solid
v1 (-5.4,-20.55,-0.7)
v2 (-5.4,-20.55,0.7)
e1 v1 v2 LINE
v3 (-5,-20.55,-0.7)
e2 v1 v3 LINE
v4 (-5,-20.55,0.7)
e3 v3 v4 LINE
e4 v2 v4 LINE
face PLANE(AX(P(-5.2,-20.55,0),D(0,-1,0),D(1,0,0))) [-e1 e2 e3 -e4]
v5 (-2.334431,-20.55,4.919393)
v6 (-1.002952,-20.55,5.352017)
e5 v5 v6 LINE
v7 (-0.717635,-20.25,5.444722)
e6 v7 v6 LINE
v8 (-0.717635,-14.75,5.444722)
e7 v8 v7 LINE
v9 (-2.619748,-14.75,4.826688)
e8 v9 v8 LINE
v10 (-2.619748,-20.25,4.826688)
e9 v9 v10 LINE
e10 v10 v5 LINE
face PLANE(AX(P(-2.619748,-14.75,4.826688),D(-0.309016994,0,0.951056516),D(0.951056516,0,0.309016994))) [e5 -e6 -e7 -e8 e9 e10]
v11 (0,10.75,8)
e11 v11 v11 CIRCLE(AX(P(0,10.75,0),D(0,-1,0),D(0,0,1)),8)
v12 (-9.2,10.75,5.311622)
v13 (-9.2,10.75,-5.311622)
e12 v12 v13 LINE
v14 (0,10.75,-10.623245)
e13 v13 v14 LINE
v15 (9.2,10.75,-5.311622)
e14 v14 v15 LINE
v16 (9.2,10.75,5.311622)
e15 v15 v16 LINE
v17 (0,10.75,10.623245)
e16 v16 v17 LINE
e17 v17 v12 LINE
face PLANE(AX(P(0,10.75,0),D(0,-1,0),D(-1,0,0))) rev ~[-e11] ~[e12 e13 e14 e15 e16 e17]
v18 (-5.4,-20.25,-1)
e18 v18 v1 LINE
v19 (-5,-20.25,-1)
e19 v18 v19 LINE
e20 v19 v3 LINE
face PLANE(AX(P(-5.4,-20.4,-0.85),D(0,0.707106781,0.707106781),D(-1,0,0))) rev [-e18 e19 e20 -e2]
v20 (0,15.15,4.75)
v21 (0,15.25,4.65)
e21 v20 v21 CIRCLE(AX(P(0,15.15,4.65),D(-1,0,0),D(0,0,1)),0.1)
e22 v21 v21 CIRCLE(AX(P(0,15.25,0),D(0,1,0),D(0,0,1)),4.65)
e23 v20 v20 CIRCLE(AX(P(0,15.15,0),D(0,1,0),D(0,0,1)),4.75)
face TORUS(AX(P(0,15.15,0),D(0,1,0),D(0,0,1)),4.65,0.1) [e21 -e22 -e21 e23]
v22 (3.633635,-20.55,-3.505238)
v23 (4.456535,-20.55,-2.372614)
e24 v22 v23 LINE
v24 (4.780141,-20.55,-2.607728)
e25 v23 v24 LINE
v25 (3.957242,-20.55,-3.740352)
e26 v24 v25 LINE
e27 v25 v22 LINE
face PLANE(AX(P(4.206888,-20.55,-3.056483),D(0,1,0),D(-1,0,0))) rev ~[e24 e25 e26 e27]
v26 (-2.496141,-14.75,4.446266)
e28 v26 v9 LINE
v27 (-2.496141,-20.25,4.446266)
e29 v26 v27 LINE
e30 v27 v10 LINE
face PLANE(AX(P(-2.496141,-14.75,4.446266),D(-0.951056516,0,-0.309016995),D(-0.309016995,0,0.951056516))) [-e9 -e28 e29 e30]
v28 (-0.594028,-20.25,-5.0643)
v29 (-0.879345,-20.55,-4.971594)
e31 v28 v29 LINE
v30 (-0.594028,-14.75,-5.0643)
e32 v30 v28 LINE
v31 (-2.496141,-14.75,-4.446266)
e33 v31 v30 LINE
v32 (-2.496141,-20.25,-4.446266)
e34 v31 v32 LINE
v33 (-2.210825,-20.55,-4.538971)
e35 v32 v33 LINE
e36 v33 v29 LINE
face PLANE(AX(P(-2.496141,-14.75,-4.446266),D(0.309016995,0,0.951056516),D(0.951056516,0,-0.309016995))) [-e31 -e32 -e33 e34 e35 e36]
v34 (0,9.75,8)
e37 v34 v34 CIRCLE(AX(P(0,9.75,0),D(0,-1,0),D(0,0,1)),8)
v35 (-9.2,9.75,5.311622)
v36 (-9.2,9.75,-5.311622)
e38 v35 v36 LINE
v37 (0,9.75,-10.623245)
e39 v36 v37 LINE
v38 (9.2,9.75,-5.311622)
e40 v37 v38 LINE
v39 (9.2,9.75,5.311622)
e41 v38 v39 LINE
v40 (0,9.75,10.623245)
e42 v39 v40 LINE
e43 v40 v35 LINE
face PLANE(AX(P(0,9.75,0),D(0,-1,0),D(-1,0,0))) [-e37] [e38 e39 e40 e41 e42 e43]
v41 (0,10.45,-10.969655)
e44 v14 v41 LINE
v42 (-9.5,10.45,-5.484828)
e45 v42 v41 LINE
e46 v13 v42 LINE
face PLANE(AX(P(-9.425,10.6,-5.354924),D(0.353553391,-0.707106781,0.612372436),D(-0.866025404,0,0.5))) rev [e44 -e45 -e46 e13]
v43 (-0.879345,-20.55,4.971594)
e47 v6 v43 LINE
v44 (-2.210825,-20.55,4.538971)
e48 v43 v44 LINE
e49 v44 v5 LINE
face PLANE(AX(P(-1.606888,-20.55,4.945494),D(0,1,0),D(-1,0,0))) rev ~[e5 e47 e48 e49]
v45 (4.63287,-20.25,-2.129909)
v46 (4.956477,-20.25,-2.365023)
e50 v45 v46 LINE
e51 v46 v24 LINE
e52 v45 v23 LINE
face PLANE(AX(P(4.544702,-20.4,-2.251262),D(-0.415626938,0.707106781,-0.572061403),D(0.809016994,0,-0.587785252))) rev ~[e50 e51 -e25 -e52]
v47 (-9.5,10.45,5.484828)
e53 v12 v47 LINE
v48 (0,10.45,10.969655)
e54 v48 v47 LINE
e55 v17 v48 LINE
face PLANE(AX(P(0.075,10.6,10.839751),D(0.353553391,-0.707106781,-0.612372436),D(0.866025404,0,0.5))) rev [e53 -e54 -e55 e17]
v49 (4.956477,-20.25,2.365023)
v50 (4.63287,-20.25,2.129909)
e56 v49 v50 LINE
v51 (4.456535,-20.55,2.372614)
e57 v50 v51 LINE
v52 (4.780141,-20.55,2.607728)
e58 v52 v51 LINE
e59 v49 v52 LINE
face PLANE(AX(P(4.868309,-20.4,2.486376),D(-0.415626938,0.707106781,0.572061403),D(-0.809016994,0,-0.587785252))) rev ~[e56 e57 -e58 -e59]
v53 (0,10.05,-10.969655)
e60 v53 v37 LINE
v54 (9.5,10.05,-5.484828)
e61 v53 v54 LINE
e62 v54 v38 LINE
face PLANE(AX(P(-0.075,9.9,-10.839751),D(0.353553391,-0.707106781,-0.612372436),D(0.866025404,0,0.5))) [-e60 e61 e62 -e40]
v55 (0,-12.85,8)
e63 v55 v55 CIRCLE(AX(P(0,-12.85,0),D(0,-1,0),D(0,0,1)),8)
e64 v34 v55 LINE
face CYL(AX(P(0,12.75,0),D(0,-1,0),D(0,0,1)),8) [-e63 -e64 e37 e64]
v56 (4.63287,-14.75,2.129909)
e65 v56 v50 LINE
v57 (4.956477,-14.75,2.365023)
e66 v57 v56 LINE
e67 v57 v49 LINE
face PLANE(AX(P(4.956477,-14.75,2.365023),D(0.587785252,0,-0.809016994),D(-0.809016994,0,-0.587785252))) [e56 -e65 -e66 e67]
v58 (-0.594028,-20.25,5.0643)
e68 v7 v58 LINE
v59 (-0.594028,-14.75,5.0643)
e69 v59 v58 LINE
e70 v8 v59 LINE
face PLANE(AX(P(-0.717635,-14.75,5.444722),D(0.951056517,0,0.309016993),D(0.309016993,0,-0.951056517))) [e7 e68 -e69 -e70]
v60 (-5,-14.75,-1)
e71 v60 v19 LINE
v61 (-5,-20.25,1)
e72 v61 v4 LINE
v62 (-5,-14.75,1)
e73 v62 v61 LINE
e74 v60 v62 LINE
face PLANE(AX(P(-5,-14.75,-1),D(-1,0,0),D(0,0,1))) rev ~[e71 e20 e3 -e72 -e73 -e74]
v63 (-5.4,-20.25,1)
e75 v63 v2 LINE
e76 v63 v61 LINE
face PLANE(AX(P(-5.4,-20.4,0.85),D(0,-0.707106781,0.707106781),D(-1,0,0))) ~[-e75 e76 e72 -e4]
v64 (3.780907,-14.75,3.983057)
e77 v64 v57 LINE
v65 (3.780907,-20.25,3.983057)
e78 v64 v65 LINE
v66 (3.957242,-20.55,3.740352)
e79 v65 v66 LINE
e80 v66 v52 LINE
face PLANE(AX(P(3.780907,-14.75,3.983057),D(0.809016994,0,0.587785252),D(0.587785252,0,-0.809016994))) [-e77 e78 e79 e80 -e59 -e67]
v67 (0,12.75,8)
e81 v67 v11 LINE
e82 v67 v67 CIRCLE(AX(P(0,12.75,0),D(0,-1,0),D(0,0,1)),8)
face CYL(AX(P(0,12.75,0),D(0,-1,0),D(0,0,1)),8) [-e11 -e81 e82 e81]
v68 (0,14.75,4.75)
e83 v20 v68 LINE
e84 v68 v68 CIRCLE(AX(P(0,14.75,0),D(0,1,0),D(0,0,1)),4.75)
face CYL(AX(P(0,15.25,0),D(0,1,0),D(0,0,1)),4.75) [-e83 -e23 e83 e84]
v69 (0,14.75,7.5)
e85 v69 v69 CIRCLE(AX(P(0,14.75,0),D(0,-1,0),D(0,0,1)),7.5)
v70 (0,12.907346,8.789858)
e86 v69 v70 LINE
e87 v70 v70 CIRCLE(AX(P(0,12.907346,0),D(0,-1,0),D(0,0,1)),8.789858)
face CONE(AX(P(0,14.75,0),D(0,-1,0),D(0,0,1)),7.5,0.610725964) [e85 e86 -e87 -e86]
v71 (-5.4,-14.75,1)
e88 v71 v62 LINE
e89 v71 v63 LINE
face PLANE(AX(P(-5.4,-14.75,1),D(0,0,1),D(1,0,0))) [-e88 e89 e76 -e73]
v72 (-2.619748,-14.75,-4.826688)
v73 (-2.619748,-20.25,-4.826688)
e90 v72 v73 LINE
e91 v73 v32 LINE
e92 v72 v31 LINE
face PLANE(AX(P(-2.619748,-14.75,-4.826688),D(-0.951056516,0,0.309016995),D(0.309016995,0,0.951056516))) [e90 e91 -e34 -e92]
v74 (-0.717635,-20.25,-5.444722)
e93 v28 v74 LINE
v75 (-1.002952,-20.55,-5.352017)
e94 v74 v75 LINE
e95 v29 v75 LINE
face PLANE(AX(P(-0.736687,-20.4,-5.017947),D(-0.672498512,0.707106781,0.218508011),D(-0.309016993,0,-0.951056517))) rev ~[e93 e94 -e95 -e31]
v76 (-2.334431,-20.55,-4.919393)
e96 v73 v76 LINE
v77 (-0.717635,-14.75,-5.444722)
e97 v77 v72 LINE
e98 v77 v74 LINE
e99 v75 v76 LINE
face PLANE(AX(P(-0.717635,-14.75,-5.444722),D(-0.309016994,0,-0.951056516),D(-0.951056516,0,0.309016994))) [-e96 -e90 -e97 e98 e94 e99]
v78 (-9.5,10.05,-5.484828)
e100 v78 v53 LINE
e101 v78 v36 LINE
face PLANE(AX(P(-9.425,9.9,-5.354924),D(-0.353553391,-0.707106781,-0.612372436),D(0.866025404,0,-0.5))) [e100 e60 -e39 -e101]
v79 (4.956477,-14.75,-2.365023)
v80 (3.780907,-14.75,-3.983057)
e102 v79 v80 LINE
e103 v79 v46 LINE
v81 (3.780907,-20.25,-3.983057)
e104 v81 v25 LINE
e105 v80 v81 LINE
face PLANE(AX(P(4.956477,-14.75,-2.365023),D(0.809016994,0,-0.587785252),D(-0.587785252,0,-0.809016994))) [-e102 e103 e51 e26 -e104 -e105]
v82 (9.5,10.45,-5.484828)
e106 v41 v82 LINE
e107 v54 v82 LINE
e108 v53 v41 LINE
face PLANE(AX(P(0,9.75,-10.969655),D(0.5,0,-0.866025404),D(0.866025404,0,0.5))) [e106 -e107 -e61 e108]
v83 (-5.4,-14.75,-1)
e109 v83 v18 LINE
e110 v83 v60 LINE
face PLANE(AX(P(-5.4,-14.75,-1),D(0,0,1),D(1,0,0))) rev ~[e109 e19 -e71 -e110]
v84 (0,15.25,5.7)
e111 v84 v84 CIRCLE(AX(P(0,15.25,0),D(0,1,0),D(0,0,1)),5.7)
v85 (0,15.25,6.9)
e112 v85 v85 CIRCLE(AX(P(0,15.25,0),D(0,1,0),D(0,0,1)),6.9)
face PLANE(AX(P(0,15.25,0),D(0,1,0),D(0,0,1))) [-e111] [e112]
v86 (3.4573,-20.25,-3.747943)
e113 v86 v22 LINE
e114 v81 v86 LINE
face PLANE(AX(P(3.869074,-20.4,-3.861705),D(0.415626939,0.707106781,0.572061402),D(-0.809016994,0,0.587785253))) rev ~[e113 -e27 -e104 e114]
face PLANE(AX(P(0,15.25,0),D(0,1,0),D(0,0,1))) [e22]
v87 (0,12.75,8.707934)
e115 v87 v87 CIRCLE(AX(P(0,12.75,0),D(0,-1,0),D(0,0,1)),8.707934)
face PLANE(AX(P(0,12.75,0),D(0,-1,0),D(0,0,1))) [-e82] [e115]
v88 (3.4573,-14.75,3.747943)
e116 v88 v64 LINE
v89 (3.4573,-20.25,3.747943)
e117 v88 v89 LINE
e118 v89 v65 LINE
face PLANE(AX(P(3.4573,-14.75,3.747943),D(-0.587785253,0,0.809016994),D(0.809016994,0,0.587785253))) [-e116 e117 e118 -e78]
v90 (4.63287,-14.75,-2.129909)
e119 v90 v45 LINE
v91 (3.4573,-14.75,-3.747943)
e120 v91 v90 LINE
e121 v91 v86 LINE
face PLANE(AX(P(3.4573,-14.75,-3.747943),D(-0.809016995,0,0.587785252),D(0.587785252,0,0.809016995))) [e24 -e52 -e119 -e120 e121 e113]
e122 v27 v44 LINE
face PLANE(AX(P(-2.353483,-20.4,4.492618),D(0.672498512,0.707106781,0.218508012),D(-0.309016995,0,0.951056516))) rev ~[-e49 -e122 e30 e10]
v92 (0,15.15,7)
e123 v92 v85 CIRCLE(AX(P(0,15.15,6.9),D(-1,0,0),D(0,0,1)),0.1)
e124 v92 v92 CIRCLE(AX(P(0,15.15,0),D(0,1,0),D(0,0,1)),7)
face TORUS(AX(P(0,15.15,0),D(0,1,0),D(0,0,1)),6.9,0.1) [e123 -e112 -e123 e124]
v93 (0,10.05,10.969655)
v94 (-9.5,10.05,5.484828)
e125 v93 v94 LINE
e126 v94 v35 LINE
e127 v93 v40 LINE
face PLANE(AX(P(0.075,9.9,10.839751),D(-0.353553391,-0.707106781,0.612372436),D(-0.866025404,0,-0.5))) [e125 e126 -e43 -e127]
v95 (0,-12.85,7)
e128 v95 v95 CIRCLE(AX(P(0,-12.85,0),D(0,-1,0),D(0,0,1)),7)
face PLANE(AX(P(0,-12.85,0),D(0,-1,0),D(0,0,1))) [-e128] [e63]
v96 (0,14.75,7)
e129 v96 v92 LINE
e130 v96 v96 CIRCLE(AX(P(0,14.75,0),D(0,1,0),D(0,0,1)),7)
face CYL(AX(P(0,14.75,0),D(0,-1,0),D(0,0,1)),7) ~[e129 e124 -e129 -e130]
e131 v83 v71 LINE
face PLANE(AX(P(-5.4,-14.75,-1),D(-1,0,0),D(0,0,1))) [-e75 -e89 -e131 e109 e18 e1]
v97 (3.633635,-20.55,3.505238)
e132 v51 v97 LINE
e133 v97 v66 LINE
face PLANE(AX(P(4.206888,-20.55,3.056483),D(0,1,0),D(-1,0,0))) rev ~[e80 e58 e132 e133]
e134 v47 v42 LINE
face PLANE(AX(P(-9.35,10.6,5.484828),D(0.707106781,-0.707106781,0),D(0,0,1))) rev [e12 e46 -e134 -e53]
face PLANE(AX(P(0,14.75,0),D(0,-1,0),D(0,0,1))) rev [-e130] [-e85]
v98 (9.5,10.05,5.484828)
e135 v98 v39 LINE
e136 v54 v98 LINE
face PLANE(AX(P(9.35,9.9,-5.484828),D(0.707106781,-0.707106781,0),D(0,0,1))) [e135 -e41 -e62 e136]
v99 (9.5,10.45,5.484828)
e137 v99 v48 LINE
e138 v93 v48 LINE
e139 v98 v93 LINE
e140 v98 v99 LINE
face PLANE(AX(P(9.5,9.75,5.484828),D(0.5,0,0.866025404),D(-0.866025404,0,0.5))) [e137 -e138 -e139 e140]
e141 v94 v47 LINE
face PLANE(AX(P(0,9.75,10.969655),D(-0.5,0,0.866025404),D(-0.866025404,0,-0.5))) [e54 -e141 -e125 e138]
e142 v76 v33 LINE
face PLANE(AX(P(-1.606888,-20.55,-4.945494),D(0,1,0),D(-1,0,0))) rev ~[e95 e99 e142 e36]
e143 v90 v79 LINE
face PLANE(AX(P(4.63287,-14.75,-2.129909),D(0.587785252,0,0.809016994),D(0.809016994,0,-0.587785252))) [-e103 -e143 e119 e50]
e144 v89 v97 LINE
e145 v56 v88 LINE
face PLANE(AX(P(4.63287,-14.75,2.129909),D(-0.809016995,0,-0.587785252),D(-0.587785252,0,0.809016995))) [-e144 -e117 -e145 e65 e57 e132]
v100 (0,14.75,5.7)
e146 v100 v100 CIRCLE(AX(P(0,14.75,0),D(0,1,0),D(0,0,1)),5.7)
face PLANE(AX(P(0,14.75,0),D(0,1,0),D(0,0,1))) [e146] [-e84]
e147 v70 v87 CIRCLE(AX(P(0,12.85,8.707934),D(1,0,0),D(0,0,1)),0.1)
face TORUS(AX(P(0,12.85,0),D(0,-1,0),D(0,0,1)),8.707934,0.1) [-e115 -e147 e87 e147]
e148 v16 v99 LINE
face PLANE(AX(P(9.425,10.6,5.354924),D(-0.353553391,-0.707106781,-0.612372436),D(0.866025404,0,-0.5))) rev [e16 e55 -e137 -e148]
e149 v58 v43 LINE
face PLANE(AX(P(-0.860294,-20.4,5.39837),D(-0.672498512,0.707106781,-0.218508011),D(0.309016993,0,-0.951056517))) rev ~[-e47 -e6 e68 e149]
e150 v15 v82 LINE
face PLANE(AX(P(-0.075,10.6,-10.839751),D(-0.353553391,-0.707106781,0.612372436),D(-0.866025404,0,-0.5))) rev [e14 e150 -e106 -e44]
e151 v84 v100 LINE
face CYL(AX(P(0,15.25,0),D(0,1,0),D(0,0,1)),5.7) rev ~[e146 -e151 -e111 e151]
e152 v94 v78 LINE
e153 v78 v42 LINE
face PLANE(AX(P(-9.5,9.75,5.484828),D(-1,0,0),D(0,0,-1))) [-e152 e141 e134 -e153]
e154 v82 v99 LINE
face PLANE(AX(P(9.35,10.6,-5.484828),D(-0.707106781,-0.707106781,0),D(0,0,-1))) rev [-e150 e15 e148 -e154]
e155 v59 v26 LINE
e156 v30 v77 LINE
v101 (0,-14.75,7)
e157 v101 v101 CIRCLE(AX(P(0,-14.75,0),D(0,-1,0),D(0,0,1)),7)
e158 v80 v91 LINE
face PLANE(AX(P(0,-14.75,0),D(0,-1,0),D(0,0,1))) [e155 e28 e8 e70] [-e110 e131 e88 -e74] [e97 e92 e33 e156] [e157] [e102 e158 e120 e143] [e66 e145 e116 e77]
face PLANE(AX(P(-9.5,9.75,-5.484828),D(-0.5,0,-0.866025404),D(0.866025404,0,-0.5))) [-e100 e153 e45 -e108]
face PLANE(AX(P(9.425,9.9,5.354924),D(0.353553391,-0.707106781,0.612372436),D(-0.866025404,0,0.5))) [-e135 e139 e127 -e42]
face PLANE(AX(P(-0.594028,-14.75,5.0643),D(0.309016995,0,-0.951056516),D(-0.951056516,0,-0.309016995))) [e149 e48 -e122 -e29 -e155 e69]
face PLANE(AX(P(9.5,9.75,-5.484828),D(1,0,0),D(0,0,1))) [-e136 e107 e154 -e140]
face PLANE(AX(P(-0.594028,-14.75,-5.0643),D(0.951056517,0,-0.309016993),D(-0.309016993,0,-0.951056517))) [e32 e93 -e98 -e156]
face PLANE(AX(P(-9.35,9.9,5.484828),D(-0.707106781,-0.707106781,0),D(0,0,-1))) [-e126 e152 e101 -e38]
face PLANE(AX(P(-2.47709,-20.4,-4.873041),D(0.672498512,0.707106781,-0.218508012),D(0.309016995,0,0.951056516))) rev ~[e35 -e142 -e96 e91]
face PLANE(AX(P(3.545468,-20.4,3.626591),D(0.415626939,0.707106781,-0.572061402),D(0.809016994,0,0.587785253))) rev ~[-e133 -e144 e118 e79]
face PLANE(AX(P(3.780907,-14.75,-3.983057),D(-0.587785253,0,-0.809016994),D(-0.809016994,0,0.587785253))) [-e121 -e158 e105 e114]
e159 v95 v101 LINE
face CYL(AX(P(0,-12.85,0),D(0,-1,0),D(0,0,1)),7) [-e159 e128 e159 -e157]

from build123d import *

# Parameters (mm, degrees)
SKETCH2_W           = 0.4
SKETCH2_H           = 2
BOSS_EXTRUDE1_DEPTH = 5.8
CHAMFER1_SIZE       = 0.3
SKETCH3_R           = 7
BOSS_EXTRUDE2_DEPTH = 0.5
SKETCH4_R           = 5.7
SKETCH4_R_2         = 4.75
CUT_EXTRUDE1_DEPTH  = 0.5
FILLET1_R           = 0.1
FILLET2_R           = 0.1
BOSS_EXTRUDE3_START = 1
SKETCH5_R           = 8
BOSS_EXTRUDE3_DEPTH = 1
CHAMFER2_SIZE       = 0.3


with BuildPart() as part:
    # Sketch1 → Revolve1 (revolve)
    with BuildSketch(Plane.XY, mode=Mode.PRIVATE) as revolve1_sk:
        Polygon((0, 14.75), (-7.5, 14.75), (-8.9, 12.75), (-8, 12.75), (-8, -12.85), (-7, -12.85), (-7, -14.75), (0, -14.75), align=None)
    revolve(revolve1_sk.sketch.rotate(Axis((0, 14.75, 0), (0, -1, 0)), 270), axis=Axis((0, 14.75, 0), (0, -1, 0)))

    # Sketch2 → Boss-Extrude1 (add)
    with BuildSketch(Plane.XZ.offset(14.75)):
        with Locations((-5.2, 0)):
            Rectangle(SKETCH2_W, SKETCH2_H)
        Polygon((-0.717635253, 5.444722182), (-0.594028456, 5.064299576), (-2.496141488, 4.446265587), (-2.619748286, 4.826688194), align=None)
        Polygon((4.956477022, 2.365023368), (4.632870224, 2.129909267), (3.45729972, 3.747943256), (3.780906517, 3.983057357), align=None)
        Polygon((3.780906517, -3.983057357), (3.45729972, -3.747943256), (4.632870224, -2.129909267), (4.956477022, -2.365023368), align=None)
        Polygon((-2.619748286, -4.826688194), (-2.496141488, -4.446265587), (-0.594028456, -5.064299576), (-0.717635253, -5.444722182), align=None)
    extrude(amount=BOSS_EXTRUDE1_DEPTH)

    # Chamfer1
    chamfer1_edges = [part.edges().sort_by_distance(p)[0] for p in [
        (-5.2, -20.55, -1),
        (-5.2, -20.55, 1),
        (-2.557944887, -20.55, 4.63647689),
        (-0.655831854, -20.55, 5.254510879),
        (3.619103118, -20.55, 3.865500306),
        (4.794673623, -20.55, 2.247466318),
        (4.794673623, -20.55, -2.247466318),
        (3.619103118, -20.55, -3.865500306),
        (-0.655831854, -20.55, -5.254510879),
        (-2.557944887, -20.55, -4.63647689),
    ]]
    chamfer(chamfer1_edges, length=CHAMFER1_SIZE)

    # Sketch3 → Boss-Extrude2 (add)
    with BuildSketch(Plane(origin=(0, 14.75, 0), x_dir=(1, 0, 0), z_dir=(0, 1, 0))):
        with Locations(Location((0, 0, 0), (0, 0, 270))):
            Circle(SKETCH3_R)
    extrude(amount=BOSS_EXTRUDE2_DEPTH)

    # Sketch4 → Cut-Extrude1 (cut)
    with BuildSketch(Plane(origin=(0, 15.25, 0), x_dir=(1, 0, 0), z_dir=(0, 1, 0))):
        with Locations(Location((0, 0, 0), (0, 0, 270))):
            Circle(SKETCH4_R)
        with Locations(Location((0, 0, 0), (0, 0, 270))):
            Circle(SKETCH4_R_2, mode=Mode.SUBTRACT)
    extrude(amount=-CUT_EXTRUDE1_DEPTH, mode=Mode.SUBTRACT)

    # Fillet1
    fillet1_edges = [part.edges().sort_by_distance(p)[0] for p in [
        (0, 15.25, -7),
        (0, 15.25, -4.75),
    ]]
    fillet(fillet1_edges, radius=FILLET1_R)

    # Fillet2
    fillet2_edges = [part.edges().sort_by_distance(p)[0] for p in [
        (0, 12.75, -8.9),
    ]]
    fillet(fillet2_edges, radius=FILLET2_R)

    # Sketch5 → Boss-Extrude3 (add)
    with BuildSketch(Plane(origin=(0, 10.75, 0), x_dir=(-1, 0, 0), z_dir=(0, -1, 0)).offset(BOSS_EXTRUDE3_START)):
        Polygon((0, 10.969655115), (-9.5, 5.484827557), (-9.5, -5.484827557), (0, -10.969655115), (9.5, -5.484827557), (9.5, 5.484827557), align=None)
        with Locations(Location((0, 0, 0), (0, 0, 270))):
            Circle(SKETCH5_R, mode=Mode.SUBTRACT)
    extrude(amount=-BOSS_EXTRUDE3_DEPTH)

    # Chamfer2
    chamfer2_edges = [part.edges().sort_by_distance(p)[0] for p in [
        (-4.75, 9.75, -8.227241336),
        (4.75, 9.75, -8.227241336),
        (9.5, 9.75, 0),
        (4.75, 9.75, 8.227241336),
        (-4.75, 9.75, 8.227241336),
        (-9.5, 9.75, 0),
        (-4.75, 10.75, -8.227241336),
        (4.75, 10.75, -8.227241336),
        (9.5, 10.75, 0),
        (4.75, 10.75, 8.227241336),
        (-4.75, 10.75, 8.227241336),
        (-9.5, 10.75, 0),
    ]]
    chamfer(chamfer2_edges, length=CHAMFER2_SIZE)


solid = part.part
